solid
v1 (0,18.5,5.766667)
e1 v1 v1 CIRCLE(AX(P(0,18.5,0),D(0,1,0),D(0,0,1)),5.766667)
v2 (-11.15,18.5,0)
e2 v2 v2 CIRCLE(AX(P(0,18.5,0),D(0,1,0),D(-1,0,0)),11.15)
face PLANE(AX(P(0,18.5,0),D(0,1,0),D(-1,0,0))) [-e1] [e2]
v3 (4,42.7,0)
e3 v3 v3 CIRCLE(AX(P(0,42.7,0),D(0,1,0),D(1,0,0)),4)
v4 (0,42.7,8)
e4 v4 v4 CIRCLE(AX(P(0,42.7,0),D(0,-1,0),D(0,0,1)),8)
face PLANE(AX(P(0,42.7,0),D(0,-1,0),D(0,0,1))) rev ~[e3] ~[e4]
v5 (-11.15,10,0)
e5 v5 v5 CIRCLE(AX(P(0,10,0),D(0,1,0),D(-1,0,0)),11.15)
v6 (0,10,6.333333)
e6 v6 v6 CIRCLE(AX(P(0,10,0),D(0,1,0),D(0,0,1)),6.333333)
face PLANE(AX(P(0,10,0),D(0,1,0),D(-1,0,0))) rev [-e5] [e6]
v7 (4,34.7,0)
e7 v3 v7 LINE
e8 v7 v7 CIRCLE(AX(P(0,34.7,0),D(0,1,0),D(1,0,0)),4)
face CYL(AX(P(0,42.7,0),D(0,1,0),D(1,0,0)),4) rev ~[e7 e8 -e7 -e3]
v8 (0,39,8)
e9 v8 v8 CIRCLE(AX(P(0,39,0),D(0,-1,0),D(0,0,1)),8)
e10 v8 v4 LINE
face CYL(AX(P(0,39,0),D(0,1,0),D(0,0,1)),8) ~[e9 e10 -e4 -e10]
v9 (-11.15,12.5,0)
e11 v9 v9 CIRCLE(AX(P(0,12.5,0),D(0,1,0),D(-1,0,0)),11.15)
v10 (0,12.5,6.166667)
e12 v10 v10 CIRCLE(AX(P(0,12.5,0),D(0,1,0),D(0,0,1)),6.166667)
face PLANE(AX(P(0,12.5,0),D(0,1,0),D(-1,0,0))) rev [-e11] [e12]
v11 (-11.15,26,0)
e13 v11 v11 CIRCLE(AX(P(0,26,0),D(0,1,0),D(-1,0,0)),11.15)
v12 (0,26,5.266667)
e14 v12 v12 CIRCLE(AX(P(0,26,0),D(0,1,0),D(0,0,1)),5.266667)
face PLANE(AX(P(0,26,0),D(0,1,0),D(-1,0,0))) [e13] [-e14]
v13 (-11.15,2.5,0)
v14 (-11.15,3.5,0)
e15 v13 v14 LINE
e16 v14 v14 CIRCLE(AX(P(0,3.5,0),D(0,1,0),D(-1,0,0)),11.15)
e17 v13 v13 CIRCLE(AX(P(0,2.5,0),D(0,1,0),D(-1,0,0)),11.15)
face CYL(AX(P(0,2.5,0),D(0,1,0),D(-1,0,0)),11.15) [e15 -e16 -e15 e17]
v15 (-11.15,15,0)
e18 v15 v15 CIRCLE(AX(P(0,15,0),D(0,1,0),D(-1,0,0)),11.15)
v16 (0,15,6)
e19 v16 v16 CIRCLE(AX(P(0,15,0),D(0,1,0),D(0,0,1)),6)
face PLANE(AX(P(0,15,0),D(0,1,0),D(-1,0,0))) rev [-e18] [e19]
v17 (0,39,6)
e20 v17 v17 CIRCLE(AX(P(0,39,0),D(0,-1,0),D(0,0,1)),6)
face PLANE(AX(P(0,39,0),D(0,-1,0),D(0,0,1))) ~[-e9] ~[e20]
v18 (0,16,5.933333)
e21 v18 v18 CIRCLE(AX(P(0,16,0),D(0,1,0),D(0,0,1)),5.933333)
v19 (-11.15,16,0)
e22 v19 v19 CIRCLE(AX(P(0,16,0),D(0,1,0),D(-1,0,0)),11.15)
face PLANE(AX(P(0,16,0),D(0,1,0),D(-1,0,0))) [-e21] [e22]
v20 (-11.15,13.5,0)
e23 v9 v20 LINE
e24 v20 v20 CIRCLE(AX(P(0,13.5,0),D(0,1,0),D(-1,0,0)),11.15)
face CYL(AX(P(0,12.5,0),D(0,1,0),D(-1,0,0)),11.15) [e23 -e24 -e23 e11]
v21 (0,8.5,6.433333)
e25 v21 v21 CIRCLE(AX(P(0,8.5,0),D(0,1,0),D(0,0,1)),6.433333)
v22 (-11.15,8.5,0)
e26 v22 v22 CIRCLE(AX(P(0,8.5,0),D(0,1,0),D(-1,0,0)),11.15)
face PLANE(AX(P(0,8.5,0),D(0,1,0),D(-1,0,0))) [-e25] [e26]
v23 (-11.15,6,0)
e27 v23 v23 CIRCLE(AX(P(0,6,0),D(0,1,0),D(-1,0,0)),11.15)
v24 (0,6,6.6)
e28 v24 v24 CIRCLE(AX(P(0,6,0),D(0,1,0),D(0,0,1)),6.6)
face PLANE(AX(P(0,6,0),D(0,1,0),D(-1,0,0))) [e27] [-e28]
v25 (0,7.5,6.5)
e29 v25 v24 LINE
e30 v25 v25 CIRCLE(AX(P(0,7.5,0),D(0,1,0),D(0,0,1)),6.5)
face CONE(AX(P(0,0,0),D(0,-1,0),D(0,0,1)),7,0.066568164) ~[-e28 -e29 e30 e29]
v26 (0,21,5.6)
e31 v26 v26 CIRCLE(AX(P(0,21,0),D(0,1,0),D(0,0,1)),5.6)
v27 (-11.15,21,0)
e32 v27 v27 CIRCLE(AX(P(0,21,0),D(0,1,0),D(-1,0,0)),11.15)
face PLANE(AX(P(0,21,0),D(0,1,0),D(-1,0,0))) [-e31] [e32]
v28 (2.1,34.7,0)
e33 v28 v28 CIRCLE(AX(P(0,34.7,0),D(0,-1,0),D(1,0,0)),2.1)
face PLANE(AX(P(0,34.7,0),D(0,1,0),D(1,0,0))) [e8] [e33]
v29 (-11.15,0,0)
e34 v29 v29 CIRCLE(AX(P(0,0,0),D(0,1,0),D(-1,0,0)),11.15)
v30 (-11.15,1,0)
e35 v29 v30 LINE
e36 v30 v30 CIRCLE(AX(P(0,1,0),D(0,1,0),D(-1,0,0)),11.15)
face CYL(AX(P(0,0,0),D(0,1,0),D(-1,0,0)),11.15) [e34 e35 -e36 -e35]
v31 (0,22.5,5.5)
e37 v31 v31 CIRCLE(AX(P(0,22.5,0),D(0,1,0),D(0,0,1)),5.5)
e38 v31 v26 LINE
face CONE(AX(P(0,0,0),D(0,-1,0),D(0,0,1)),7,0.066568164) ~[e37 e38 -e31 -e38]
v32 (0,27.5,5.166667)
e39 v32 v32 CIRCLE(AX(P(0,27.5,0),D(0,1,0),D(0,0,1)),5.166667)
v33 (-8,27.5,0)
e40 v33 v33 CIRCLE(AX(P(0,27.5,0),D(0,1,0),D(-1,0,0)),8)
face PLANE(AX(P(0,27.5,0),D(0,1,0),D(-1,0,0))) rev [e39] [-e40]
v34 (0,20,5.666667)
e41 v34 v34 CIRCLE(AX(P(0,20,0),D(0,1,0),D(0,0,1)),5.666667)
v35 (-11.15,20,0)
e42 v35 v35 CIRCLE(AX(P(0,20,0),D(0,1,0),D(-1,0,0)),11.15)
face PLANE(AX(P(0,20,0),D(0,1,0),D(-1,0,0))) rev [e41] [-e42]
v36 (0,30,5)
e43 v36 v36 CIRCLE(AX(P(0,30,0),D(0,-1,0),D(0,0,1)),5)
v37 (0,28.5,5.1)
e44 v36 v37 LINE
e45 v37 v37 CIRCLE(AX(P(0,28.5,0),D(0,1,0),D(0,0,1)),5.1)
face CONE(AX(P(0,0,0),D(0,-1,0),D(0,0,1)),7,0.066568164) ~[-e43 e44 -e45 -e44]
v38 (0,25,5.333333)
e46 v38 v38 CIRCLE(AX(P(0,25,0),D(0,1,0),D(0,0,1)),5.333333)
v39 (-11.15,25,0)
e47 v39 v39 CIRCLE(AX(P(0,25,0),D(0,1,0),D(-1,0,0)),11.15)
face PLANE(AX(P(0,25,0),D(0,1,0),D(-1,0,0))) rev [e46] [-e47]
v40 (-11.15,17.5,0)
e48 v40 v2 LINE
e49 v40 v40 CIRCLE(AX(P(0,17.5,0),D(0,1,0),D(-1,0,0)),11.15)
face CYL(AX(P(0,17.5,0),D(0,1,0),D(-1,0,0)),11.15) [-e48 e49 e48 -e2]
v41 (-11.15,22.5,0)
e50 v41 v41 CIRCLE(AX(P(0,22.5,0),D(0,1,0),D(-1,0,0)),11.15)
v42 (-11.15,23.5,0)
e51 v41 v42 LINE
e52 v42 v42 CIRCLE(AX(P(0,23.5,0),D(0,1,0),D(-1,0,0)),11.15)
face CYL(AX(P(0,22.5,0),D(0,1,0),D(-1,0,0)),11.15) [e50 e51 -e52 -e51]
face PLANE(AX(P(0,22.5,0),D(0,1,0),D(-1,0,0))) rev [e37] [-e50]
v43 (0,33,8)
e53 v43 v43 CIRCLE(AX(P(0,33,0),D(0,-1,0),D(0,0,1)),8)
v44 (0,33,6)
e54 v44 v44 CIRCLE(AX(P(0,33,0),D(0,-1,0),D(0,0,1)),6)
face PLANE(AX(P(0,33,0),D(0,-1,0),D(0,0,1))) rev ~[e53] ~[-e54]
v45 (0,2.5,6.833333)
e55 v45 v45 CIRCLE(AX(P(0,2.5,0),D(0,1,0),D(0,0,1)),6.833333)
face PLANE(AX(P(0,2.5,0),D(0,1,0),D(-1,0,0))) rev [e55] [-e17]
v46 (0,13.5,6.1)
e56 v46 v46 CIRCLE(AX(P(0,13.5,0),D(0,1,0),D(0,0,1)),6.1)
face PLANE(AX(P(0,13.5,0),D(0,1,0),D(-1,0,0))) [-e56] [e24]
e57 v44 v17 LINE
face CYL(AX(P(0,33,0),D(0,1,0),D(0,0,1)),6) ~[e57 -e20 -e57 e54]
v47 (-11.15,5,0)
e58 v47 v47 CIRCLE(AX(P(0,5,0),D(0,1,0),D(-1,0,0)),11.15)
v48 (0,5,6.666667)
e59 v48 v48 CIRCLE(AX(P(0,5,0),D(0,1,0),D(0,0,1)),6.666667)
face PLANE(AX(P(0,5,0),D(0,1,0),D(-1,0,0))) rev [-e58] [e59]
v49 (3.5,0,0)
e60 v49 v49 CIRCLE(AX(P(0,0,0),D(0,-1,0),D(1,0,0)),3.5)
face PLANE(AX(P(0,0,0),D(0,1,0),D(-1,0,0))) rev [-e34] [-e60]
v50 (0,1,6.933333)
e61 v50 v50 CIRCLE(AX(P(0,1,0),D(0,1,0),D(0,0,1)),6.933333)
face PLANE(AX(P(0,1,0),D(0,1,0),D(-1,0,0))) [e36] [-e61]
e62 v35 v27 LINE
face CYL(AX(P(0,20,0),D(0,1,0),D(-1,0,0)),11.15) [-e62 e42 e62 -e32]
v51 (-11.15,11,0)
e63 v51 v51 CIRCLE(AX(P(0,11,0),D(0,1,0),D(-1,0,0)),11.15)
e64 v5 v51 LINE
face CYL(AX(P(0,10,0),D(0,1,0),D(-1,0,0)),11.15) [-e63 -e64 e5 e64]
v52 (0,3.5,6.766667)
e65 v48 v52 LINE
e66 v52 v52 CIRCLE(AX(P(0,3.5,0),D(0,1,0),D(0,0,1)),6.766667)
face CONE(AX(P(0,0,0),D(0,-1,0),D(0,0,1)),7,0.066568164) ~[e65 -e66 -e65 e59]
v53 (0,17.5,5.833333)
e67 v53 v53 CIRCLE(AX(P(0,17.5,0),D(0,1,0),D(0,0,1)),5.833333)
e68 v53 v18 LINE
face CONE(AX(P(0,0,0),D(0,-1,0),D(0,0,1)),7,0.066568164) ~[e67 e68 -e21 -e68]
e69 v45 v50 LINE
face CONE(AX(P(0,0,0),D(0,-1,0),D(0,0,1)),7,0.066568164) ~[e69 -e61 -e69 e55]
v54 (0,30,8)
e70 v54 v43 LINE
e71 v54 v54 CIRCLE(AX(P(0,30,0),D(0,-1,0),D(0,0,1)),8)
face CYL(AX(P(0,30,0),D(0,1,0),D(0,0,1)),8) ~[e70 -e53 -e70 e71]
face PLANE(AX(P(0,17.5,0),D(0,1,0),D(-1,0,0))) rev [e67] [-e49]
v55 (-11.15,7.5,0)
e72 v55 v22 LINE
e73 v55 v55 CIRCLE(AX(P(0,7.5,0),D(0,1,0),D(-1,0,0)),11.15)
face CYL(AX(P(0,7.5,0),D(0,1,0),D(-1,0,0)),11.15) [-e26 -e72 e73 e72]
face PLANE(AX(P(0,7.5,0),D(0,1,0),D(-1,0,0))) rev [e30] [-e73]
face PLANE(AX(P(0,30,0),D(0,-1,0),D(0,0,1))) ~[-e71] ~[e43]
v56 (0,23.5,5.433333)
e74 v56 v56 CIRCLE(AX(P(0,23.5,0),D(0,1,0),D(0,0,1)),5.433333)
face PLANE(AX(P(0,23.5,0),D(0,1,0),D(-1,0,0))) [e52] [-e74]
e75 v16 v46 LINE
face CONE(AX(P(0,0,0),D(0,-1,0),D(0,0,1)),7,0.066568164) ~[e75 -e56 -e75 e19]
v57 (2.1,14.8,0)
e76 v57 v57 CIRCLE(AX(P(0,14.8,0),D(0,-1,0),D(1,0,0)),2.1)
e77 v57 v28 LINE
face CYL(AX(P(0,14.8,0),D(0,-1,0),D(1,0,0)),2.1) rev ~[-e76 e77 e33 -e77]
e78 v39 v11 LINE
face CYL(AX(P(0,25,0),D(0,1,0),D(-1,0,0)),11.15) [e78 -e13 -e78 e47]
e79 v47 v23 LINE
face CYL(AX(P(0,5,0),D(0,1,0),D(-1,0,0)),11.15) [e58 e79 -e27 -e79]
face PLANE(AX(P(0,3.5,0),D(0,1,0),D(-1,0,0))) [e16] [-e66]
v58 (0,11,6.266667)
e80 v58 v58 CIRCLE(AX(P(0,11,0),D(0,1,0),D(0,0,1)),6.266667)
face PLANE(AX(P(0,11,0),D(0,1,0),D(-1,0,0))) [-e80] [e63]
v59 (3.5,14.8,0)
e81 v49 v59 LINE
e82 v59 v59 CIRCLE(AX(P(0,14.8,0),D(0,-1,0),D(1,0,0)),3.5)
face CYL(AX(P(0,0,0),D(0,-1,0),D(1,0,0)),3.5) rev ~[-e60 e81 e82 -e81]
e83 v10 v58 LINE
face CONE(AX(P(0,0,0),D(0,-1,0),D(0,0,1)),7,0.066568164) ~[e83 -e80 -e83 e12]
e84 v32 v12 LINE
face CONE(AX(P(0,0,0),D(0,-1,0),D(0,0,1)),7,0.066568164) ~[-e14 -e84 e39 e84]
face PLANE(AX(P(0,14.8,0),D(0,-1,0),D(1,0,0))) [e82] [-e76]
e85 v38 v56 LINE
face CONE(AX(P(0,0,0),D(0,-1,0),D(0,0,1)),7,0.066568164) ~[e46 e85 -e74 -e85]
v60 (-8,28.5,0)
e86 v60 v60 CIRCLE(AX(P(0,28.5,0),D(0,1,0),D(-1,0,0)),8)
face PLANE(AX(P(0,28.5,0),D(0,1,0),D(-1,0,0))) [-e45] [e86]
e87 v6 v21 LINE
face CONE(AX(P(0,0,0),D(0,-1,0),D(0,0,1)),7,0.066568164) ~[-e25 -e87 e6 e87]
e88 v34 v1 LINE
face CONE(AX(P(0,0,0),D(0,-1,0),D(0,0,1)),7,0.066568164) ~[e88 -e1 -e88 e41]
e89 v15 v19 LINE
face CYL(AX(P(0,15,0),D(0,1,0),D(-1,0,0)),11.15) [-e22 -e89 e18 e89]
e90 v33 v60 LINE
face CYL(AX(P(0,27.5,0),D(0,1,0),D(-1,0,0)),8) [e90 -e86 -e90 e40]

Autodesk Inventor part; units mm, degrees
ref_plane "YZ Plane" through (0, 0, 0) normal (1, 0, 0) x (0, 1, 0)
ref_plane "XZ Plane" through (0, 0, 0) normal (0, 1, 0) x (-1, 0, 0)
ref_plane "XY Plane" through (0, 0, 0) normal (0, 0, 1) x (1, 0, 0)
sketch "Sketch1" plane through (0, 0, 0) normal (0, 0, 1) x (1, 0, 0)
  line L0 (0, 0) -> (-11.15, 0)
  line L1 (-11.15, 0) -> (-11.15, 1)
  line L2 (-11.15, 1) -> (0, 1)
  line L3 (0, 1) -> (0, 2.5)
  line L4 (0, 2.5) -> (-11.15, 2.5)
  line L5 (-11.15, 2.5) -> (-11.15, 3.5)
  line L6 (-11.15, 3.5) -> (0, 3.5)
  line L7 (0, 3.5) -> (0, 5)
  line L8 (0, 5) -> (-11.15, 5)
  line L9 (-11.15, 5) -> (-11.15, 6)
  line L10 (-11.15, 6) -> (0, 6)
  line L11 (0, 6) -> (0, 7.5)
  line L12 (0, 7.5) -> (-11.15, 7.5)
  line L13 (-11.15, 7.5) -> (-11.15, 8.5)
  line L14 (-11.15, 8.5) -> (0, 8.5)
  line L15 (0, 8.5) -> (0, 10)
  line L16 (0, 10) -> (-11.15, 10)
  line L17 (-11.15, 10) -> (-11.15, 11)
  line L18 (-11.15, 11) -> (0, 11)
  line L19 (0, 11) -> (0, 12.5)
  line L20 (0, 12.5) -> (-11.15, 12.5)
  line L21 (-11.15, 12.5) -> (-11.15, 13.5)
  line L22 (-11.15, 13.5) -> (0, 13.5)
  line L23 (0, 13.5) -> (0, 15)
  line L24 (0, 15) -> (-11.15, 15)
  line L25 (-11.15, 15) -> (-11.15, 16)
  line L26 (-11.15, 16) -> (0, 16)
  line L27 (0, 16) -> (0, 17.5)
  line L28 (0, 17.5) -> (-11.15, 17.5)
  line L29 (-11.15, 17.5) -> (-11.15, 18.5)
  line L30 (-11.15, 18.5) -> (0, 18.5)
  line L31 (0, 18.5) -> (0, 20)
  line L32 (0, 20) -> (-11.15, 20)
  line L33 (-11.15, 20) -> (-11.15, 21)
  line L34 (-11.15, 21) -> (0, 21)
  line L35 (0, 21) -> (0, 22.5)
  line L36 (0, 22.5) -> (-11.15, 22.5)
  line L37 (-11.15, 22.5) -> (-11.15, 23.5)
  line L38 (-11.15, 23.5) -> (0, 23.5)
  line L39 (0, 23.5) -> (0, 25)
  line L40 (0, 25) -> (-11.15, 25)
  line L41 (-11.15, 25) -> (-11.15, 26)
  line L42 (-11.15, 26) -> (0, 26)
  line L43 (0, 26) -> (0, 27.5)
  line L44 (0, 27.5) -> (-8, 27.5)
  line L45 (-8, 27.5) -> (-8, 28.5)
  line L46 (-8, 28.5) -> (0, 28.5)
  line L47 (0, 28.5) -> (0, 27.5)
  line L48 (0, 26) -> (0, 25)
  line L49 (0, 23.5) -> (0, 22.5)
  line L50 (0, 21) -> (0, 20)
  line L51 (0, 18.5) -> (0, 17.5)
  line L52 (0, 16) -> (0, 15)
  line L53 (0, 13.5) -> (0, 12.5)
  line L54 (0, 11) -> (0, 10)
  line L55 (0, 8.5) -> (0, 7.5)
  line L56 (0, 6) -> (0, 5)
  line L57 (0, 3.5) -> (0, 2.5)
  line L58 (0, 1) -> (0, 0)
  dimension "d0" = 11.15
  dimension "d1" = 1
  dimension "d2" = 1.5
  dimension "d3" = 8
  dimension "d4" = 1
revolve "Fins" add sketch "Sketch1" angle 360 about axis through (0, 23.5, 0) along (0, 1, 0)
sketch "Sketch3" plane through (0, 0, 0) normal (1, 0, 0) x (0, 1, 0)
  line L0 (0, 0) -> (0, 7)
  line L1 (0, -11.15) -> (0, 11.15) projected
  line L2 (30, 5) -> (30, 8)
  line L3 (0, 7) -> (30, 5)
  line L4 (28.5, -8) -> (28.5, 8) projected
  line L5 (30, 8) -> (33, 8)
  line L6 (33, 8) -> (33, 6)
  line L7 (33, 6) -> (39, 6)
  line L8 (39, 6) -> (39, 8)
  line L9 (39, 8) -> (42.7, 8)
  line L10 (42.7, 8) -> (42.7, 0)
  line L11 (42.7, 0) -> (0, 0)
  dimension "d20" = 7
  dimension "d21" = 8
  dimension "d22" = 5
  dimension "d23" = 1.5
  dimension "d24" = 3
  dimension "d25" = 6
  dimension "d26" = 6
  dimension "d27" = 3.7
revolve "Body" add sketch "Sketch3" angle 360 about axis through (0, 42.7, 0) along (0, -1, 0)
sketch "Sketch4" plane through (0, 42.7, 0) normal (0, 1, 0) x (1, 0, 0)
  circle A0 centre (0, 0) radius 8 projected
  circle A1 centre (0, 0) radius 4
  dimension "d29" = 8
extrude "CouplerHole" cut sketch "Sketch4" against normal blind 8 contours A1
sketch "Sketch5" plane through (0, 0, 0) normal (0, -1, 0) x (1, 0, 0)
  circle A0 centre (0, 0) radius 6.4333 projected
  circle A1 centre (0, 0) radius 3.5
  dimension "d32" = 7
extrude "HeadBoltHole" cut sketch "Sketch5" against normal blind 14.8 contours A1
sketch "Sketch6" plane through (0, 14.8, 0) normal (0, -1, 0) x (1, 0, 0)
  circle A0 centre (0, 0) radius 3.5 projected
  circle A1 centre (0, 0) radius 2.1
  dimension "d35" = 4.2
extrude "TubeHole" cut sketch "Sketch6" against normal up to surface (27.9 mm away) contours A1
properties part number "E3DV6HeatSink" material "Aluminum 6061"
